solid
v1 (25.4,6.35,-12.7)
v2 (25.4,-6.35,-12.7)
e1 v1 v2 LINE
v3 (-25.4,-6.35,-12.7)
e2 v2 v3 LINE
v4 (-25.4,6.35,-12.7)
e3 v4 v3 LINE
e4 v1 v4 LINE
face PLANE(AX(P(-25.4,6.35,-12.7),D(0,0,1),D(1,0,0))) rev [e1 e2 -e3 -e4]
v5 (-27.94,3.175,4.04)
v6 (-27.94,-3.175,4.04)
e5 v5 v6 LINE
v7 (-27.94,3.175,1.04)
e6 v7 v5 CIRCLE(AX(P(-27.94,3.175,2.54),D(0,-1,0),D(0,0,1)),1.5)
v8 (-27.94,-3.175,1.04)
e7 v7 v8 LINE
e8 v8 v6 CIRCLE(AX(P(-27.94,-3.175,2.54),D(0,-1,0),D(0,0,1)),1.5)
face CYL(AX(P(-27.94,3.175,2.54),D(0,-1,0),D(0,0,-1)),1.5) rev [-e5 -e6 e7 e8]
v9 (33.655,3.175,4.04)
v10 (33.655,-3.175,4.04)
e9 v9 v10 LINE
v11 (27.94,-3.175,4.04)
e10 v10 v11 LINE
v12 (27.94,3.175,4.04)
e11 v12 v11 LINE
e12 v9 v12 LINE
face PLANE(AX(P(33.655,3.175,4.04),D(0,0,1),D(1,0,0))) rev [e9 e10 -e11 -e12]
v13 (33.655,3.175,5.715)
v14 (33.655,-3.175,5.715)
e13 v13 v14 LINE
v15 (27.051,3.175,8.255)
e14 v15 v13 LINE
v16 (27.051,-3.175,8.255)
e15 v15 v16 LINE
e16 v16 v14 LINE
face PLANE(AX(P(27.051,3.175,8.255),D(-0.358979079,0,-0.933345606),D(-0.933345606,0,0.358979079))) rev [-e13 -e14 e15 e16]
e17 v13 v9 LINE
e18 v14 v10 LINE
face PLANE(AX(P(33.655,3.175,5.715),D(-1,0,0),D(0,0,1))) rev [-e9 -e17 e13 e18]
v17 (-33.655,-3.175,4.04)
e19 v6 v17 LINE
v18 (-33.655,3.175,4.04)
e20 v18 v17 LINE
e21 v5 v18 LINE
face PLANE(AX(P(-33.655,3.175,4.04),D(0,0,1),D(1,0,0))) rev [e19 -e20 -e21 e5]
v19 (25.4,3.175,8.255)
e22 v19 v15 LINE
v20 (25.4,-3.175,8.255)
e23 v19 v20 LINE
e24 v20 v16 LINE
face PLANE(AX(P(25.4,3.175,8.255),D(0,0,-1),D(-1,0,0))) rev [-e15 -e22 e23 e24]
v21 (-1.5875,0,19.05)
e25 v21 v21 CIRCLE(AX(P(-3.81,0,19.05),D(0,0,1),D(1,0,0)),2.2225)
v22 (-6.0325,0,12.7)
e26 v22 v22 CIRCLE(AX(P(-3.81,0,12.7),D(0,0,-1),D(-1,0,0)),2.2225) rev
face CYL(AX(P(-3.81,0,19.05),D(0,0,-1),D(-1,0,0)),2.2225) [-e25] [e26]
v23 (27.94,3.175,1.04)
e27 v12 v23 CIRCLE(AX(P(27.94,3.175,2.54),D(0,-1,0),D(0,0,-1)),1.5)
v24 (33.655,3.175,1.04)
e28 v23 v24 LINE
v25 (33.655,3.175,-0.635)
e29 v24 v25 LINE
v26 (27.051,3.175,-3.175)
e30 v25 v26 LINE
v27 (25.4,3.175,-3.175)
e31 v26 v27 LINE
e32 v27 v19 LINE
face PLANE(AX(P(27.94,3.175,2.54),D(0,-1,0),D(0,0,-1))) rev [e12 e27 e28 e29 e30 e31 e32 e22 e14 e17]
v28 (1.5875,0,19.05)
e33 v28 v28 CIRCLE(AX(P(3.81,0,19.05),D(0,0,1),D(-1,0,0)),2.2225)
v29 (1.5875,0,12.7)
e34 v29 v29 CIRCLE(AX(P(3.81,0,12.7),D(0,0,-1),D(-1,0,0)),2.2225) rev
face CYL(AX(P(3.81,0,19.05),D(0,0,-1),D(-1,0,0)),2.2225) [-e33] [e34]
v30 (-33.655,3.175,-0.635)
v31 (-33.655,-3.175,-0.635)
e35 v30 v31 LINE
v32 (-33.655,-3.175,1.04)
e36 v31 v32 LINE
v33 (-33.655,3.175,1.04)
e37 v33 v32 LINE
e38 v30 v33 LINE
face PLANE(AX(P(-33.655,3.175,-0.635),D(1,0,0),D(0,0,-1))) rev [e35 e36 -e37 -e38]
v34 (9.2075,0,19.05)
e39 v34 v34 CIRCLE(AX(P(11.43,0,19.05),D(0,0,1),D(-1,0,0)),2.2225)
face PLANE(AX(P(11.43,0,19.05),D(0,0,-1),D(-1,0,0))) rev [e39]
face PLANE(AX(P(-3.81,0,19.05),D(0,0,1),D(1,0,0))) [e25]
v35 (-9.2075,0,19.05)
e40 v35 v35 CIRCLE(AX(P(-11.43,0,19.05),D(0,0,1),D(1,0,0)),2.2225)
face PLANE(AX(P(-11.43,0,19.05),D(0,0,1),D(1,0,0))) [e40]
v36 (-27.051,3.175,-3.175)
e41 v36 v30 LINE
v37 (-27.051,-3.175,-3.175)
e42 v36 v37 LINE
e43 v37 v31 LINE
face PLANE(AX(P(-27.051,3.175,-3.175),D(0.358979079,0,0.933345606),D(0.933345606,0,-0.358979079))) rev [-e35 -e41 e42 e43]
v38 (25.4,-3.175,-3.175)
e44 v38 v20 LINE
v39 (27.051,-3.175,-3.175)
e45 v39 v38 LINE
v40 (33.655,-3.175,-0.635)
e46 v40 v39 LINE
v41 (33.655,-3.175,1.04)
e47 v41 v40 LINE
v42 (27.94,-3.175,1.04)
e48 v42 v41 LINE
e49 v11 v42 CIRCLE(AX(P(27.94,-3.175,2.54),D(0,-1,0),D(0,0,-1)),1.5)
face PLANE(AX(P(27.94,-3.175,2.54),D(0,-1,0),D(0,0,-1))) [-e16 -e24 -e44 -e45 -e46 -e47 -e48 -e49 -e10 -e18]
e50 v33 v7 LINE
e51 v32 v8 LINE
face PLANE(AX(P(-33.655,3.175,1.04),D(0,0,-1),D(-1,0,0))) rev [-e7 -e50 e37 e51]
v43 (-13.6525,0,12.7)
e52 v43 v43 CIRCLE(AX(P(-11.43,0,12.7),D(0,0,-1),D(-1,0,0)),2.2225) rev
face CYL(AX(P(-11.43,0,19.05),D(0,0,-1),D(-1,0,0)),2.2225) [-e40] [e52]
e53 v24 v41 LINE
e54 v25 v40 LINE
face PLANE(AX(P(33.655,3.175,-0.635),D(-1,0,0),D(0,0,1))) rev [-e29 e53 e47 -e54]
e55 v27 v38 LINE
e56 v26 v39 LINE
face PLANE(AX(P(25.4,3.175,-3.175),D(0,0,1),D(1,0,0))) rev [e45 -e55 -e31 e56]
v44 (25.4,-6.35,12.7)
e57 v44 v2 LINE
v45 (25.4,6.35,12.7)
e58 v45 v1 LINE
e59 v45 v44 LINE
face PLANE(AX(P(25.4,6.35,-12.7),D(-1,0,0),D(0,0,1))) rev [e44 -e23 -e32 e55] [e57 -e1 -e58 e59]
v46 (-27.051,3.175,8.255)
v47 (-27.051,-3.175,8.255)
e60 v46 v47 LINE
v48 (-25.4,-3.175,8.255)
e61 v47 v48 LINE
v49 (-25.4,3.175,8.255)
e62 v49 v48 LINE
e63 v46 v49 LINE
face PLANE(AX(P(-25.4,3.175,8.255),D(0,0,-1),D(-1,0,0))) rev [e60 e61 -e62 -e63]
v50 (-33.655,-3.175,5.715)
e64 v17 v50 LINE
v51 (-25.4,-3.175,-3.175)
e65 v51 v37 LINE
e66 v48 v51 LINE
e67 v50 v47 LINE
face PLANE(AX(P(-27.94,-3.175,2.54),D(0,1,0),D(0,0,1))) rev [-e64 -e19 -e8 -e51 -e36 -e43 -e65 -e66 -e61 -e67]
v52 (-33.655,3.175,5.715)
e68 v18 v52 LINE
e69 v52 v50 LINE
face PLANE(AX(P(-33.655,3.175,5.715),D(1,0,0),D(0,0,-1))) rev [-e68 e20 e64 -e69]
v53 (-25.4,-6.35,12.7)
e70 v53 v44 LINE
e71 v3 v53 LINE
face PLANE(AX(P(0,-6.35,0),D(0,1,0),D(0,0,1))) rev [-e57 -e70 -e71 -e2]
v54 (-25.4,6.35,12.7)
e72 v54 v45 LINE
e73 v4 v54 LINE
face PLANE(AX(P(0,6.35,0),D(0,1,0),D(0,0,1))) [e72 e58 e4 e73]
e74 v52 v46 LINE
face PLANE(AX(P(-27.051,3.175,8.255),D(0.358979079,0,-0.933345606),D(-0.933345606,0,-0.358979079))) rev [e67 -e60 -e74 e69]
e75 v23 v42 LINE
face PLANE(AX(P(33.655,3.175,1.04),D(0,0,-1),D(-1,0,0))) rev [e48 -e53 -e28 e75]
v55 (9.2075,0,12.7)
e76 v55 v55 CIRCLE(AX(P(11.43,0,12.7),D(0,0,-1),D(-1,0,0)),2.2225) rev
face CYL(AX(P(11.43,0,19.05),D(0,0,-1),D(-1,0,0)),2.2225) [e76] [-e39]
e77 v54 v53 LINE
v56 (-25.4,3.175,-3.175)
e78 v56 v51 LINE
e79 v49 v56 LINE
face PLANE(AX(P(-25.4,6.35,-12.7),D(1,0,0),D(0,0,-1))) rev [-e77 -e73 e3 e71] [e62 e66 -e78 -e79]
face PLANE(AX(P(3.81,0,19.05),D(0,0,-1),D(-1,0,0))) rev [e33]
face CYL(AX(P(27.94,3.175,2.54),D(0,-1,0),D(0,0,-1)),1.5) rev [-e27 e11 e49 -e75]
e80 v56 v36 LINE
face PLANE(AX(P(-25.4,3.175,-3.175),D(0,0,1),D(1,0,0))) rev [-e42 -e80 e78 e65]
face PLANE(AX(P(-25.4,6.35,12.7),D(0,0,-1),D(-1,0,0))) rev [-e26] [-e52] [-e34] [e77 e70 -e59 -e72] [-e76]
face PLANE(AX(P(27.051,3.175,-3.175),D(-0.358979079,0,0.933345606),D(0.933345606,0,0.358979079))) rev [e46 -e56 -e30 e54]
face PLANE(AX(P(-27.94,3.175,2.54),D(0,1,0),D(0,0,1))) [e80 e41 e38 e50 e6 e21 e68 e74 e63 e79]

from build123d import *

# Parameters (mm, degrees)
SKETCH1_W           = 50.8
SKETCH1_H           = 25.4
BOSS_EXTRUDE1_DEPTH = 6.35
BOSS_EXTRUDE2_DEPTH = 3.175
SKETCH3_R           = 2.2225
BOSS_EXTRUDE3_DEPTH = 6.35


with BuildPart() as part:
    # Sketch1 → Boss-Extrude1 (new, symmetric)
    with BuildSketch(Plane(origin=(0, 0, 0), x_dir=(1, 0, 0), z_dir=(0, 1, 0))):
        Rectangle(SKETCH1_W, SKETCH1_H)
    extrude(amount=BOSS_EXTRUDE1_DEPTH, both=True)

    # Sketch2 → Boss-Extrude2 (add, symmetric)
    with BuildSketch(Plane(origin=(0, 0, 0), x_dir=(1, 0, 0), z_dir=(0, 1, 0))):
        with BuildLine():
            Line((-25.4, 3.175), (-27.051, 3.175))
            Line((-27.051, 3.175), (-33.655, 0.635))
            Line((-33.655, 0.635), (-33.655, -1.04))
            Line((-33.655, -1.04), (-27.94, -1.04))
            ThreePointArc((-27.94, -1.04), (-26.44, -2.54), (-27.94, -4.04))
            Line((-27.94, -4.04), (-33.655, -4.04))
            Line((-33.655, -4.04), (-33.655, -5.715))
            Line((-33.655, -5.715), (-27.051, -8.255))
            Line((-27.051, -8.255), (-25.4, -8.255))
            Line((-25.4, -8.255), (-25.4, 3.175))
        make_face()
        with BuildLine():
            Line((25.4, 3.175), (25.4, -8.255))
            Line((25.4, -8.255), (27.051, -8.255))
            Line((27.051, -8.255), (33.655, -5.715))
            Line((33.655, -5.715), (33.655, -4.04))
            Line((33.655, -4.04), (27.94, -4.04))
            ThreePointArc((27.94, -4.04), (26.44, -2.54), (27.94, -1.04))
            Line((27.94, -1.04), (33.655, -1.04))
            Line((33.655, -1.04), (33.655, 0.635))
            Line((33.655, 0.635), (27.051, 3.175))
            Line((27.051, 3.175), (25.4, 3.175))
        make_face()
    extrude(amount=BOSS_EXTRUDE2_DEPTH, both=True)

    # Sketch3 → Boss-Extrude3 (add, symmetric)
    with BuildSketch(Plane.XY.offset(12.7)):
        with Locations(Location((-3.81, 0, 0), (0, 0, 180))):
            Circle(SKETCH3_R)
        with Locations(Location((-11.43, 0, 0), (0, 0, 180))):
            Circle(SKETCH3_R)
        with Locations(Location((11.43, 0, 0), (0, 0, 180))):
            Circle(SKETCH3_R)
        with Locations(Location((3.81, 0, 0), (0, 0, 180))):
            Circle(SKETCH3_R)
    extrude(amount=BOSS_EXTRUDE3_DEPTH, both=True)


solid = part.part
